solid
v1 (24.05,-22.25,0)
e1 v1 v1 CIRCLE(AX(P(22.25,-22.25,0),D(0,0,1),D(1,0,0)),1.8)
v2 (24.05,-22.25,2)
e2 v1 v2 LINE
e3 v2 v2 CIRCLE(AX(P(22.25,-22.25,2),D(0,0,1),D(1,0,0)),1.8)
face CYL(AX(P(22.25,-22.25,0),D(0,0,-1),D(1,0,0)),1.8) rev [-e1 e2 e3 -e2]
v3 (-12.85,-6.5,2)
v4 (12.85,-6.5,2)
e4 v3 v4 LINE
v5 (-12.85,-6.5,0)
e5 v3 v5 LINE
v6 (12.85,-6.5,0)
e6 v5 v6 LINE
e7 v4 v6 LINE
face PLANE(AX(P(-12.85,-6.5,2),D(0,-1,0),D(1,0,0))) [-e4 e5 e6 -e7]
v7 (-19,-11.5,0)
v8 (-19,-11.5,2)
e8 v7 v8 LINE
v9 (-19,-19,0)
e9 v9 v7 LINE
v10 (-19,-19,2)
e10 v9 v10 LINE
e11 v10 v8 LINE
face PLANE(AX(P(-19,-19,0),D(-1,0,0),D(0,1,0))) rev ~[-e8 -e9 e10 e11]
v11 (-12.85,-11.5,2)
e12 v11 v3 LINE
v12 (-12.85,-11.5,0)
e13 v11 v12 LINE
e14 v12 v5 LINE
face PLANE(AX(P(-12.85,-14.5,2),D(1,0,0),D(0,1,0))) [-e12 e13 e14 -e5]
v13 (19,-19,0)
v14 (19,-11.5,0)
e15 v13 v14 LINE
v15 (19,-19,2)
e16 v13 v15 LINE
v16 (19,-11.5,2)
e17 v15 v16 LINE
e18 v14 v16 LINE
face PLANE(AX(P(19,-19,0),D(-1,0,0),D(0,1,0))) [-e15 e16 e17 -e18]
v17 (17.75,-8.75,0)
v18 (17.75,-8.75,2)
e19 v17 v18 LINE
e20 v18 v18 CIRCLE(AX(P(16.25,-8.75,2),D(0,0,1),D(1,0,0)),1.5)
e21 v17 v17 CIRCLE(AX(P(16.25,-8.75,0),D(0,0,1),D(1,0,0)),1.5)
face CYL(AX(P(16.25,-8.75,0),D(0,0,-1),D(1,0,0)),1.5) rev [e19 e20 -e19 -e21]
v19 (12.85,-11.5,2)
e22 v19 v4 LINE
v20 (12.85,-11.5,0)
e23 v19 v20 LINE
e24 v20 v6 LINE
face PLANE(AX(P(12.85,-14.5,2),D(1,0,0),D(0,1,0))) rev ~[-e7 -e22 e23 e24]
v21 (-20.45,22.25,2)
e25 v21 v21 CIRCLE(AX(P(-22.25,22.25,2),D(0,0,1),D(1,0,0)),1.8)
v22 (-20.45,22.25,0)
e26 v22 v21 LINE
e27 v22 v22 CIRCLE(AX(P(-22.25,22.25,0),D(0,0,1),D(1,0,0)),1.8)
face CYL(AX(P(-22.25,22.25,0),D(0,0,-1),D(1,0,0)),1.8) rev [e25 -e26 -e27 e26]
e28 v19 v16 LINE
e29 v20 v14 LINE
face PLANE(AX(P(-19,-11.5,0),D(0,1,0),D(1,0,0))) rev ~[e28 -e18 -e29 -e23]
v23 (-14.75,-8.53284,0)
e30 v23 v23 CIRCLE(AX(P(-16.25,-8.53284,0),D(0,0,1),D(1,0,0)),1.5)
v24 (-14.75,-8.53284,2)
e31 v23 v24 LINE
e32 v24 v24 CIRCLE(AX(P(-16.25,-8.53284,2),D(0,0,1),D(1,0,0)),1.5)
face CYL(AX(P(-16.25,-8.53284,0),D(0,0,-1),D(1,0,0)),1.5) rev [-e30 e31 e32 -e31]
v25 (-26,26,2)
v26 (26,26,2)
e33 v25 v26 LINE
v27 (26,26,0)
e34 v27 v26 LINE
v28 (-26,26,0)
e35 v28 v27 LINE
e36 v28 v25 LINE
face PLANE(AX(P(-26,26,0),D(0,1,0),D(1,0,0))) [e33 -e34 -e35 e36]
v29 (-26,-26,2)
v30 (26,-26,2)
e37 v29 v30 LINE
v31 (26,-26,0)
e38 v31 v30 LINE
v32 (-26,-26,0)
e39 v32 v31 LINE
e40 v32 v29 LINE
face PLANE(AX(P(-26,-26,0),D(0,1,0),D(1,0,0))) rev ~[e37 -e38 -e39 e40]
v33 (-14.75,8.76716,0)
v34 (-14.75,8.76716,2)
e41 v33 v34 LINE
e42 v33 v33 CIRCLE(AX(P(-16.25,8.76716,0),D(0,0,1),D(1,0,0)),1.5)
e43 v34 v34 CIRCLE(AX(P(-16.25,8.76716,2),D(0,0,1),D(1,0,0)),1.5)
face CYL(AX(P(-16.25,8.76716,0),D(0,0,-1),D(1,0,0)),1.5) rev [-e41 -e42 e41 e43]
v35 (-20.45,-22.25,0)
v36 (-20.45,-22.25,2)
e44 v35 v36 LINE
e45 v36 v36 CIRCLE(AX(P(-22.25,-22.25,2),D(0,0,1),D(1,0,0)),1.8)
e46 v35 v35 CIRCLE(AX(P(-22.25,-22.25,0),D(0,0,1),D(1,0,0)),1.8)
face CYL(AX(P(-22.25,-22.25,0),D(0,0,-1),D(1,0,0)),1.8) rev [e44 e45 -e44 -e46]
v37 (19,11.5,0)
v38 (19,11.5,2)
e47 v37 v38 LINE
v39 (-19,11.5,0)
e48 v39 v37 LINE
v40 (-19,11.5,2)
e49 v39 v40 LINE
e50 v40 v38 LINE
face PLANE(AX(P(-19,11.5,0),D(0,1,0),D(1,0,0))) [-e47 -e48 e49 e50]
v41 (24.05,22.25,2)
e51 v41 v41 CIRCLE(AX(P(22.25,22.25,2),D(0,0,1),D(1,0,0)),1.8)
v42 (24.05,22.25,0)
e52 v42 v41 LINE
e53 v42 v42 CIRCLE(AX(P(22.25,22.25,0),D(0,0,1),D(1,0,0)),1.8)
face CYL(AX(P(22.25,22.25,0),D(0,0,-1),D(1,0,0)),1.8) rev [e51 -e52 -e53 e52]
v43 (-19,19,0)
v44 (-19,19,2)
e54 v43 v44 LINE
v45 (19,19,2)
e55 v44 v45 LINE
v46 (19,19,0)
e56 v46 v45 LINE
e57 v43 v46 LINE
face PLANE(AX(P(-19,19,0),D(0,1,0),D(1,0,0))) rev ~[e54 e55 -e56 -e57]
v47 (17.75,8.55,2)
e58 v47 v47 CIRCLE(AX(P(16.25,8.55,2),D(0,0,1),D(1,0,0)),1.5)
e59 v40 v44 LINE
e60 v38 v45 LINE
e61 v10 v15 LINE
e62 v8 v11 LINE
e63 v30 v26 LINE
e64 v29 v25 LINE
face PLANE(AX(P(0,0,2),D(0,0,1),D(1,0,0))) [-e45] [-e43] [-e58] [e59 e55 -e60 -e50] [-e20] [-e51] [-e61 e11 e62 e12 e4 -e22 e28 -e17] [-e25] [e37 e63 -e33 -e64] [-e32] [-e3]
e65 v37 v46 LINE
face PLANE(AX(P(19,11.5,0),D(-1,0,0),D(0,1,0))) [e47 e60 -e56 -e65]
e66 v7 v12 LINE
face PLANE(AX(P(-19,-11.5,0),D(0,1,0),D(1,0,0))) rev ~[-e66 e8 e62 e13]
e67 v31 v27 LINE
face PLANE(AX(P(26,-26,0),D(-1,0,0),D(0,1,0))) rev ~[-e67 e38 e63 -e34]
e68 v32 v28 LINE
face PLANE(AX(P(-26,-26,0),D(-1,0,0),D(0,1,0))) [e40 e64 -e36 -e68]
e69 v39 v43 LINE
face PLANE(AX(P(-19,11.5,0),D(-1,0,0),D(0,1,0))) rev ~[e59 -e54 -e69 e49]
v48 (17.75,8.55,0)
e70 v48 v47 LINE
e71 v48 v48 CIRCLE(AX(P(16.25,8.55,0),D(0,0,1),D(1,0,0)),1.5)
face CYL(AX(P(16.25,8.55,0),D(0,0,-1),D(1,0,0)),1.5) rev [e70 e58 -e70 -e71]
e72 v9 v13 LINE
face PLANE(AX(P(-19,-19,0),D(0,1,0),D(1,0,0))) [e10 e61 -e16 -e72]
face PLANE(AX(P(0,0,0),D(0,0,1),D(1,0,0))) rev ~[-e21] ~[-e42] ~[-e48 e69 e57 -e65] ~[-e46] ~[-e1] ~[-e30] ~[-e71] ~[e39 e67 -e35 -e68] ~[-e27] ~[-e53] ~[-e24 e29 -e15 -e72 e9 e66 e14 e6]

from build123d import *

# Parameters (mm, degrees)
SKETCH_W     = 52
SKETCH_H     = 52
SKETCH_R     = 1.8
SKETCH_R_2   = 1.5
SKETCH_W_2   = 38
SKETCH_H_2   = 7.5
PAD_DEPTH    = 2
SKETCH001_W  = 25.7
SKETCH001_H  = 8
POCKET_DEPTH = 5


with BuildPart() as part:
    # Sketch → Pad (new body)
    with BuildSketch(Plane.XY):
        Rectangle(SKETCH_W, SKETCH_H)
        with Locations((22.25, 22.25)):
            Circle(SKETCH_R, mode=Mode.SUBTRACT)
        with Locations((22.25, -22.25)):
            Circle(SKETCH_R, mode=Mode.SUBTRACT)
        with Locations((-22.25, 22.25)):
            Circle(SKETCH_R, mode=Mode.SUBTRACT)
        with Locations((-22.25, -22.25)):
            Circle(SKETCH_R, mode=Mode.SUBTRACT)
        with Locations((16.25, 8.55)):
            Circle(SKETCH_R_2, mode=Mode.SUBTRACT)
        with Locations((-16.25, 8.76716)):
            Circle(SKETCH_R_2, mode=Mode.SUBTRACT)
        with Locations((-16.25, -8.53284)):
            Circle(SKETCH_R_2, mode=Mode.SUBTRACT)
        with Locations((16.25, -8.75)):
            Circle(SKETCH_R_2, mode=Mode.SUBTRACT)
        with Locations((0, 15.25)):
            Rectangle(SKETCH_W_2, SKETCH_H_2, mode=Mode.SUBTRACT)
        with Locations((0, -15.25)):
            Rectangle(SKETCH_W_2, SKETCH_H_2, mode=Mode.SUBTRACT)
    extrude(amount=PAD_DEPTH)

    # Sketch001 → Pocket (cut)
    with BuildSketch(Plane.XY.offset(2)):
        with Locations((0, -10.5)):
            Rectangle(SKETCH001_W, SKETCH001_H)
    extrude(amount=-POCKET_DEPTH, mode=Mode.SUBTRACT)


solid = part.part
